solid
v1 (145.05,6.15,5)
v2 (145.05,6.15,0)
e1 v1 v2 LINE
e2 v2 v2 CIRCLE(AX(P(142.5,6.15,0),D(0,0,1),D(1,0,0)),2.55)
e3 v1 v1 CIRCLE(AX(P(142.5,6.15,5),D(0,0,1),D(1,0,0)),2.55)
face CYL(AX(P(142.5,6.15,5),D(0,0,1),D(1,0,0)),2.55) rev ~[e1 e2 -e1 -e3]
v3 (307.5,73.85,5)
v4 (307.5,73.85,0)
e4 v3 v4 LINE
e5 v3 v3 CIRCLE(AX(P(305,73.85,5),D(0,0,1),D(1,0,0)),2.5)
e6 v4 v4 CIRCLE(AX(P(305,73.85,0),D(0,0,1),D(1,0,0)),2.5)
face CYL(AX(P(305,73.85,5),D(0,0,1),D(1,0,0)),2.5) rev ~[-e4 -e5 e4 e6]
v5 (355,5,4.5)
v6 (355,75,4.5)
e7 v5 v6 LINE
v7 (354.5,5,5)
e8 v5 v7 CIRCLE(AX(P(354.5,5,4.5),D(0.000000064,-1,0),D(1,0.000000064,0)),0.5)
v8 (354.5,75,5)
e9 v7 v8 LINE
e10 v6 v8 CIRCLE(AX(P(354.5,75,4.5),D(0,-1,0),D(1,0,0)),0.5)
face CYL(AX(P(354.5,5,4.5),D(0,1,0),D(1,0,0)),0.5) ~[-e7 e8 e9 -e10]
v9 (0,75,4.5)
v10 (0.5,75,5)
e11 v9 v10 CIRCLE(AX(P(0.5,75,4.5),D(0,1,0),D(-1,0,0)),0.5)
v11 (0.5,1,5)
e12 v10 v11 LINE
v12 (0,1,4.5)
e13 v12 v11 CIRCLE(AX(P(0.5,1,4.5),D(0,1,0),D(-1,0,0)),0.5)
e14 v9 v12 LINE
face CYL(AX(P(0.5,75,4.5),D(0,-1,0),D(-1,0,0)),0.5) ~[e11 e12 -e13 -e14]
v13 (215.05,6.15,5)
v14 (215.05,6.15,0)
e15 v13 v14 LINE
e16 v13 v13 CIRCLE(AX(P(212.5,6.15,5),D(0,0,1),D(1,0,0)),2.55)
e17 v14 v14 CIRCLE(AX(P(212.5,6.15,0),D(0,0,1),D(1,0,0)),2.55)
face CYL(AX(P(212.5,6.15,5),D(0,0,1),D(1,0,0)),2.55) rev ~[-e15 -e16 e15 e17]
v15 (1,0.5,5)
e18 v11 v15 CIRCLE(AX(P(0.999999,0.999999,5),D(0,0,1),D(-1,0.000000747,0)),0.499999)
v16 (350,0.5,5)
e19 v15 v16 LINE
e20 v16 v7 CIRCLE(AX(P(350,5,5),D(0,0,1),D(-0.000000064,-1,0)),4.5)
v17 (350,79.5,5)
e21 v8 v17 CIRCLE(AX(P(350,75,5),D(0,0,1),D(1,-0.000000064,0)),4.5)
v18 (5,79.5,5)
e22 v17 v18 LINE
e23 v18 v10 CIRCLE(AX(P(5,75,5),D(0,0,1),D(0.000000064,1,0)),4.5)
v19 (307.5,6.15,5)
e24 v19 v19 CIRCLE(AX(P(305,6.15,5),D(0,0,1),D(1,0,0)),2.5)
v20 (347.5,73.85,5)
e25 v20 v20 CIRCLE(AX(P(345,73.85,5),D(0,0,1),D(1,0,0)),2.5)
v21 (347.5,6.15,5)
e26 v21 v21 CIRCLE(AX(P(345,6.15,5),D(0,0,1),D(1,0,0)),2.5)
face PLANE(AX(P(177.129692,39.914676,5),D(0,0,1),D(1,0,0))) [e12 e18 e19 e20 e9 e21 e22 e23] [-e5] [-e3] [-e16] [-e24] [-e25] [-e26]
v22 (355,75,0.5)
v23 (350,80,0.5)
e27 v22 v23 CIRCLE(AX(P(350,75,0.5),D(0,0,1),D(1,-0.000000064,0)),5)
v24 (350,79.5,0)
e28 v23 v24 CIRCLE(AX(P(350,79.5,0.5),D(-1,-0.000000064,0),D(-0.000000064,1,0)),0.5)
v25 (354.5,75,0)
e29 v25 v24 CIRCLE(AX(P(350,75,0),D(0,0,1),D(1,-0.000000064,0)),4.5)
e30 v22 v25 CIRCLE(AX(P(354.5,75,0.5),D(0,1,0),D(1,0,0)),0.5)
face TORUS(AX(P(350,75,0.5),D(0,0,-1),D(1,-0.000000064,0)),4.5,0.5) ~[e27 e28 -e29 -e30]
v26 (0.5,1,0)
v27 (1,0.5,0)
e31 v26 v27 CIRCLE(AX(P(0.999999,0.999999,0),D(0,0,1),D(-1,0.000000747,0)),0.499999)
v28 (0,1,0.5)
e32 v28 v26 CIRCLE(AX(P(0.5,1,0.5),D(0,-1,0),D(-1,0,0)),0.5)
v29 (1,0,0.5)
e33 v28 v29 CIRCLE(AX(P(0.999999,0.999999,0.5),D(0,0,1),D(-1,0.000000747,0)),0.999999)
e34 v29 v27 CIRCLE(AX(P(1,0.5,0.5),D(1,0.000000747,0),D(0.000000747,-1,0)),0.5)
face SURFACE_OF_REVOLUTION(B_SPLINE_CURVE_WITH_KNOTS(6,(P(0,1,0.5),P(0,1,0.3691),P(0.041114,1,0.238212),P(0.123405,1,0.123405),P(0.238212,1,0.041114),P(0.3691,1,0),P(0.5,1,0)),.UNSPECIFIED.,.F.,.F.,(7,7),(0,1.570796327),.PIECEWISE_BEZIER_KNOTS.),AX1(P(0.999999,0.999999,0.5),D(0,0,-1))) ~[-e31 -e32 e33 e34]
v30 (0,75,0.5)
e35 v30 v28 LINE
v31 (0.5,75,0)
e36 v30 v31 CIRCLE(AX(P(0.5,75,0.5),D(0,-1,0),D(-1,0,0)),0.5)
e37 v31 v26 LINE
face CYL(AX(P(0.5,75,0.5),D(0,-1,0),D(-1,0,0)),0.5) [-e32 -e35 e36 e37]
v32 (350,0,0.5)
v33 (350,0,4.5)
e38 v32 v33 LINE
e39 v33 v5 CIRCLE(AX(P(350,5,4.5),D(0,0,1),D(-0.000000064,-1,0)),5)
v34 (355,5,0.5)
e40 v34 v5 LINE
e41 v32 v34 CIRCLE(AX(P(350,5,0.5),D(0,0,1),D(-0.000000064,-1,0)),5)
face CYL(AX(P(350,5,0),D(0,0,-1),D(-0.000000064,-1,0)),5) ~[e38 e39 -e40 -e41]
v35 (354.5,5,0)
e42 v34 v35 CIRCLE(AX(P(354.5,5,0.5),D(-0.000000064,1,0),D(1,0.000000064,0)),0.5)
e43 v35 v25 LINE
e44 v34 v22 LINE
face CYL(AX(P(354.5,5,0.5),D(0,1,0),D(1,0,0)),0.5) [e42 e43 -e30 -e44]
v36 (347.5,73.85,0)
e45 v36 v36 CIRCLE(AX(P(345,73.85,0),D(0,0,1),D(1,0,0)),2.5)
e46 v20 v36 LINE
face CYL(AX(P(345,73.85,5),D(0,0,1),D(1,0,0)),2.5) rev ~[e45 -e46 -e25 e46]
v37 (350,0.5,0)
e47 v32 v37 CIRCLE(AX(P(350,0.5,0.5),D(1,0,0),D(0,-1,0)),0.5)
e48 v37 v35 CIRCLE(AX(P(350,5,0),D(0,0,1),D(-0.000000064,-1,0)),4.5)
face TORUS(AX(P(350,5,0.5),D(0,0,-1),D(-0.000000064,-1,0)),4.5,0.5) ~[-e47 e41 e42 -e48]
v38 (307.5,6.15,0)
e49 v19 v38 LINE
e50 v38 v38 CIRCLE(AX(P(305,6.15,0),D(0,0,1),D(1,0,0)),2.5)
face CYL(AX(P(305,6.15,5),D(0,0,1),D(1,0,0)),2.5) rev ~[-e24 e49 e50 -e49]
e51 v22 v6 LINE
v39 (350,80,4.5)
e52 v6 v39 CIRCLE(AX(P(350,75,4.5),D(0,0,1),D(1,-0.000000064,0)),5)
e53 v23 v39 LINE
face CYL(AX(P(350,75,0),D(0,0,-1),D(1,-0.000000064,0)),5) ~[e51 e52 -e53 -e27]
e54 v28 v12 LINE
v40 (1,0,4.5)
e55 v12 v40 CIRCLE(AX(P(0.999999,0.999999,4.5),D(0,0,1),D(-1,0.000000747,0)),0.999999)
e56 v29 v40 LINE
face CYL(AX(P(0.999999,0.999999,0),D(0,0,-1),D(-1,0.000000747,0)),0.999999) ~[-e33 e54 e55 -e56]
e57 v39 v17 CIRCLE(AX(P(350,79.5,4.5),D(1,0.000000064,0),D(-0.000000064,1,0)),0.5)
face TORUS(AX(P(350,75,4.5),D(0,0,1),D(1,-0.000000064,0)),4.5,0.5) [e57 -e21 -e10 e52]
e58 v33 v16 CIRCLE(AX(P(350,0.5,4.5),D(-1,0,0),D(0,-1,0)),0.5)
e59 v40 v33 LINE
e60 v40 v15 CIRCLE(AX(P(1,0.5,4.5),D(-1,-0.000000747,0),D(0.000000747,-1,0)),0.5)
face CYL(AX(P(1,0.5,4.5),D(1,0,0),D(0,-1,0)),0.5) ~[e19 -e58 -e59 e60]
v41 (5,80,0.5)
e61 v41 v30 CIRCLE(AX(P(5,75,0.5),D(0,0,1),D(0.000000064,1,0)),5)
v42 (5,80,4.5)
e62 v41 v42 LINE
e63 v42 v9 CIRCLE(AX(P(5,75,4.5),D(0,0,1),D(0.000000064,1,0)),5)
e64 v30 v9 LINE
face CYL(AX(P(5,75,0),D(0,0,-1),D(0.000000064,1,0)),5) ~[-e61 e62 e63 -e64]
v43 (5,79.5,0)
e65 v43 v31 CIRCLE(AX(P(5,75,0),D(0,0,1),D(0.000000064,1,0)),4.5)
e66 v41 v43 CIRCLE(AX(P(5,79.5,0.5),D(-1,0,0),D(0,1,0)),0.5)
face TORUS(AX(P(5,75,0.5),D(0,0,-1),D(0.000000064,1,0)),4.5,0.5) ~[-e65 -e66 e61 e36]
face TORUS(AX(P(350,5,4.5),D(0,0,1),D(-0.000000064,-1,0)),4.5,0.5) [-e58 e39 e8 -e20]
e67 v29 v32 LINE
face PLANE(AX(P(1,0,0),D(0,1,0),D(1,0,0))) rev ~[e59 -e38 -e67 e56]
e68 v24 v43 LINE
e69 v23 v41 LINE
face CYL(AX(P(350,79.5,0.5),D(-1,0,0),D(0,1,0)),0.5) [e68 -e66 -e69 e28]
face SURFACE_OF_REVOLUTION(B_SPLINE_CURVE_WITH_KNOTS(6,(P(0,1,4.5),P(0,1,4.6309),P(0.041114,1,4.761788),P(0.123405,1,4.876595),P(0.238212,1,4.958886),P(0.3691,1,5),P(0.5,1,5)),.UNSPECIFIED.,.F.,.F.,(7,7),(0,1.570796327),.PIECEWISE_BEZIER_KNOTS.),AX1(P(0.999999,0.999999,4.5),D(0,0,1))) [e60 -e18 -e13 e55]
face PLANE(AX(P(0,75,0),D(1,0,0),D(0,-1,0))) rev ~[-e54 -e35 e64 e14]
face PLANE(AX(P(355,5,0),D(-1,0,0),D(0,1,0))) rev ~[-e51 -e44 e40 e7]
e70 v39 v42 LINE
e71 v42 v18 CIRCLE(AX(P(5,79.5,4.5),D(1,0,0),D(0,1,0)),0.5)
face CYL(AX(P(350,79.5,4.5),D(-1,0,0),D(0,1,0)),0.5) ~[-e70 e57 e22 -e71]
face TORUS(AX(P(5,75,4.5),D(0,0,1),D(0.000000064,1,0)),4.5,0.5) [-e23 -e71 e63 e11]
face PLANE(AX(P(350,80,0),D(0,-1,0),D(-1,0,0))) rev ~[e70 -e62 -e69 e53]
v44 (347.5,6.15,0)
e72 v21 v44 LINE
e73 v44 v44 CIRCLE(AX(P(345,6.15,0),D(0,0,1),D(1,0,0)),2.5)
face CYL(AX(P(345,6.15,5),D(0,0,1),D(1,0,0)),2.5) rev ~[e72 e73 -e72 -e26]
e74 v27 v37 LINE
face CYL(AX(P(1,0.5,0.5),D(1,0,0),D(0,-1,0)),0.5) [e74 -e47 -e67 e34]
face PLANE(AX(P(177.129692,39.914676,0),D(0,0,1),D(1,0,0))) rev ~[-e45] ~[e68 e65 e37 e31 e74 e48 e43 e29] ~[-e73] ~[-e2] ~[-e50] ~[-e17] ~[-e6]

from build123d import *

# Parameters (mm, degrees)
F1_DEPTH = 5
F2_R     = 0.5
F3_R     = 2.5
F4_DEPTH = 25
F5_R     = 2.55
F6_DEPTH = 25


with BuildPart() as f1:
    # F0 (on Top) → F1 (new body)
    with BuildSketch(Plane.XY):
        with BuildLine():
            ThreePointArc((0, 1), (0.292893, 0.292893), (1, 0))
            Line((1, 0), (350, 0))
            ThreePointArc((350, 0), (353.535534, 1.464466), (355, 5))
            Line((355, 5), (355, 75))
            ThreePointArc((355, 75), (353.535534, 78.535534), (350, 80))
            Line((350, 80), (5, 80))
            ThreePointArc((5, 80), (1.464466, 78.535534), (0, 75))
            Line((0, 75), (0, 1))
        make_face()
    extrude(amount=F1_DEPTH)

    # F2
    f2_edges = [f1.edges().sort_by_distance(p)[0] for p in [
        (0, 38, 5),
        (0.292893, 0.292893, 5),
        (175.5, 0, 5),
        (353.535534, 1.464466, 5),
        (355, 40, 5),
        (353.535534, 78.535534, 5),
        (177.5, 80, 5),
        (1.464466, 78.535534, 5),
        (0, 38, 0),
        (0.292893, 0.292893, 0),
        (175.5, 0, 0),
        (353.535534, 1.464466, 0),
        (355, 40, 0),
        (353.535534, 78.535534, 0),
        (177.5, 80, 0),
        (1.464466, 78.535534, 0),
    ]]
    fillet(f2_edges, radius=F2_R)

    # F3 (on face) → F4 (cut)
    with BuildSketch(Plane.XY.offset(5)):
        with Locations((345, 73.85)):
            Circle(F3_R)
        with Locations((345, 6.15)):
            Circle(F3_R)
        with Locations((305, 73.85)):
            Circle(F3_R)
        with Locations((305, 6.15)):
            Circle(F3_R)
    extrude(amount=-F4_DEPTH, mode=Mode.SUBTRACT)

    # F5 (on face) → F6 (cut)
    with BuildSketch(Plane.XY.offset(5)):
        with Locations((142.5, 6.15)):
            Circle(F5_R)
        with Locations((212.5, 6.15)):
            Circle(F5_R)
    extrude(amount=-F6_DEPTH, mode=Mode.SUBTRACT)


solid = f1.part
